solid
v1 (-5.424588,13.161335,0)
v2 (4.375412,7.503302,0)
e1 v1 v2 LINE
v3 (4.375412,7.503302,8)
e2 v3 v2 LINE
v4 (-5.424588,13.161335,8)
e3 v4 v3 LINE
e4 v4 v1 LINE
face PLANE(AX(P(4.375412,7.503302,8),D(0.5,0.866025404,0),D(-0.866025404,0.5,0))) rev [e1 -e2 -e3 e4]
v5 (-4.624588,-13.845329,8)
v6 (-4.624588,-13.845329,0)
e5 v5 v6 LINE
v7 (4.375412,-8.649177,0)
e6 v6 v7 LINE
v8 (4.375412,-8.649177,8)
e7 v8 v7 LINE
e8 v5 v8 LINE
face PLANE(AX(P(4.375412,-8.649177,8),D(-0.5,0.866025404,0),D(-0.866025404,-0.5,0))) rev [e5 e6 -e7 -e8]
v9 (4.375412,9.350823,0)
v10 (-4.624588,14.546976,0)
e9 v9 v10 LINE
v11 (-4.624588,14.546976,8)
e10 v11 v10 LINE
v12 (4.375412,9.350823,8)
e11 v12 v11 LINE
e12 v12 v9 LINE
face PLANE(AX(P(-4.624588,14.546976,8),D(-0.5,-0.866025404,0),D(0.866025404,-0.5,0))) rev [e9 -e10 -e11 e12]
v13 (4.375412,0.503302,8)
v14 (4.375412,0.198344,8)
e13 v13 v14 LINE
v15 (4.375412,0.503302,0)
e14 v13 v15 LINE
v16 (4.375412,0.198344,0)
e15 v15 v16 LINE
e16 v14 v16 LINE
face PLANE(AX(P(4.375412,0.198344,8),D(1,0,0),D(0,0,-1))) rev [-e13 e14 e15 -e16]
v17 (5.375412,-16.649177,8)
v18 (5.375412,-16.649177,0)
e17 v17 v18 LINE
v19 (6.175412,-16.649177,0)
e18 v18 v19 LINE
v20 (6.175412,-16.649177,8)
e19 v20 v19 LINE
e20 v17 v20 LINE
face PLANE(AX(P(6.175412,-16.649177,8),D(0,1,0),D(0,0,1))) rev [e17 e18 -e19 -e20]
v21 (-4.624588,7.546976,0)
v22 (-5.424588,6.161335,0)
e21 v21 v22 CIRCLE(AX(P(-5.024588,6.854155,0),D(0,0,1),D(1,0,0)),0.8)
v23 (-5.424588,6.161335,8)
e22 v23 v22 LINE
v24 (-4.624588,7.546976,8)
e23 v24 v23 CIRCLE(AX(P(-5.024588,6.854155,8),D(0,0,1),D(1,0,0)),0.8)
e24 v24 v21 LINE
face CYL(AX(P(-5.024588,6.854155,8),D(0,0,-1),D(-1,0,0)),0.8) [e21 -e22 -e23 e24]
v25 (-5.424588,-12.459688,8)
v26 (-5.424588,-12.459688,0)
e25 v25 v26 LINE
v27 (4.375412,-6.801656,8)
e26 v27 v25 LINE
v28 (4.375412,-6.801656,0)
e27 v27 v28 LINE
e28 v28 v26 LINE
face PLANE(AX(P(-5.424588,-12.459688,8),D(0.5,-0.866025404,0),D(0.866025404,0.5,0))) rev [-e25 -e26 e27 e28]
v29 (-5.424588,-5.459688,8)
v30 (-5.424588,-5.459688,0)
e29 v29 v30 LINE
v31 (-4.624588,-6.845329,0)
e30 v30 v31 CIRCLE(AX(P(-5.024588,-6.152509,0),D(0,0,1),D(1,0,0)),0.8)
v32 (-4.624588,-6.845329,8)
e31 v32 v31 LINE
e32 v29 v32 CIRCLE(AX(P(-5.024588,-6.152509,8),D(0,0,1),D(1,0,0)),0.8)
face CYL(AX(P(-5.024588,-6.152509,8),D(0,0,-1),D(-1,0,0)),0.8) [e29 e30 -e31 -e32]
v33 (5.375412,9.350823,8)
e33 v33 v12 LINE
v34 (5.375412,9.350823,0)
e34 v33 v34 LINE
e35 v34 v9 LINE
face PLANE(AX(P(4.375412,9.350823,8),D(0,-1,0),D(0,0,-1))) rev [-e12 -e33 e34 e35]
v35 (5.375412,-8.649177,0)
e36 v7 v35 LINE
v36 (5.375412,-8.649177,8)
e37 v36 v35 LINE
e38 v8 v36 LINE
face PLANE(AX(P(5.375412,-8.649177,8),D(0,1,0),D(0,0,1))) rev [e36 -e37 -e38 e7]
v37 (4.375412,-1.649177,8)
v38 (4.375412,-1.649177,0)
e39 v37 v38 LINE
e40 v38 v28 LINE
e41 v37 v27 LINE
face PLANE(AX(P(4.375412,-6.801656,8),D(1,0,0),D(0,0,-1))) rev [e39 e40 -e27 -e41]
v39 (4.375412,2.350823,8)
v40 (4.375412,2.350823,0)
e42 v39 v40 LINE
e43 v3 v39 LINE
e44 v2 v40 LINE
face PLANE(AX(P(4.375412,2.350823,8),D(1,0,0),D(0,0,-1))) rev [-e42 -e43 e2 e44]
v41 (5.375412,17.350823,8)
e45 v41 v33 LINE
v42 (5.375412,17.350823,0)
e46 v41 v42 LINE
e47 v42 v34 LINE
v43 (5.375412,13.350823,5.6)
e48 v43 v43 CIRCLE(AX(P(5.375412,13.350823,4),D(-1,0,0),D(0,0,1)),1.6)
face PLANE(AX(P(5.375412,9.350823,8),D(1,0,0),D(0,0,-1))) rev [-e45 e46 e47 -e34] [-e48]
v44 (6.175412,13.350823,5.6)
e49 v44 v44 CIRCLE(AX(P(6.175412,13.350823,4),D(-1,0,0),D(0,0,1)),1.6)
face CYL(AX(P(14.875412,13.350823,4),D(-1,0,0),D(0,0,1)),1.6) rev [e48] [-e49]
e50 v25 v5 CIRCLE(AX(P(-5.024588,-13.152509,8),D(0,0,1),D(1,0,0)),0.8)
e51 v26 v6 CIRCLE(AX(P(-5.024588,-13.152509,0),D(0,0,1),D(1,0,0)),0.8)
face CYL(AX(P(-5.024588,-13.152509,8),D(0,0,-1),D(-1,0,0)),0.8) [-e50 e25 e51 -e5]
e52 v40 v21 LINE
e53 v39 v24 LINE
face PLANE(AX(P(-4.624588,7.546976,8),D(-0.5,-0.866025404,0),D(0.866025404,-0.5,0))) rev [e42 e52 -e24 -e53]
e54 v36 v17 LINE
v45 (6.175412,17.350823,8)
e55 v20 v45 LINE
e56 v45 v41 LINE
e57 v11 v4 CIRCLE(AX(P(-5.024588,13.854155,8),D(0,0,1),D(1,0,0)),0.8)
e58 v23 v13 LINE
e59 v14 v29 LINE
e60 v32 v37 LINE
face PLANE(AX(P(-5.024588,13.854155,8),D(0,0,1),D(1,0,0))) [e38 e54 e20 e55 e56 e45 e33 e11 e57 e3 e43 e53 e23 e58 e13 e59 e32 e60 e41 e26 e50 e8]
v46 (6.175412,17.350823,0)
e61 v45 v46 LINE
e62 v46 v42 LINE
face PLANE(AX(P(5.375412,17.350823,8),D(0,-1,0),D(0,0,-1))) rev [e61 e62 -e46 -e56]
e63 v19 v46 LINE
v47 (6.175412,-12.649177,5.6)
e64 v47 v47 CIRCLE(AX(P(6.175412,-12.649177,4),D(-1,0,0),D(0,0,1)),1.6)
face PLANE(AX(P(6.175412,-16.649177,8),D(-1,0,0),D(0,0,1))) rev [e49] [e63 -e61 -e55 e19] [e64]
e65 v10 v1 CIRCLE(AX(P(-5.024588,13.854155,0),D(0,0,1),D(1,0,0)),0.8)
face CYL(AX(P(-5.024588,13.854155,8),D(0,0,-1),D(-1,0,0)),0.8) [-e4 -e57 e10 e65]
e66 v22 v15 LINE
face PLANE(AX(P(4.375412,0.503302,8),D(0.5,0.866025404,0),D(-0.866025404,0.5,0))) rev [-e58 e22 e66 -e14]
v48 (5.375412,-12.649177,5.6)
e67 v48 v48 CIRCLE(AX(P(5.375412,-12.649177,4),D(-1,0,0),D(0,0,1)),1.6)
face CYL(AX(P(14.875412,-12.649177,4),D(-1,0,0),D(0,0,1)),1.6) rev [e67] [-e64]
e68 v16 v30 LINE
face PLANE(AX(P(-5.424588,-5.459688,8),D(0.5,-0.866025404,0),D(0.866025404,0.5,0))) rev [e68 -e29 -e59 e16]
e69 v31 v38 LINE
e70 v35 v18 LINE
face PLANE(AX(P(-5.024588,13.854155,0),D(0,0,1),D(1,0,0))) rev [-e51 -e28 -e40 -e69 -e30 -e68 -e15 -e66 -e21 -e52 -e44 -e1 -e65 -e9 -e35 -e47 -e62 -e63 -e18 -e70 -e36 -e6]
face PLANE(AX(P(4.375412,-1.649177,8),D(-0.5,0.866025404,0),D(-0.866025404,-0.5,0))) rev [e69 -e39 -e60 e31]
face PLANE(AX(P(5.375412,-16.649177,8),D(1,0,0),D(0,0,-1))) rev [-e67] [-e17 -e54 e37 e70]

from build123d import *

# Parameters (mm, degrees)
BOSS_EXTRUDE1_DEPTH = 8
SKETCH2_R           = 1.6
CUT_EXTRUDE1_DEPTH  = 9.5


with BuildPart() as part:
    # Sketch1 → Boss-Extrude1 (new body)
    with BuildSketch(Plane(origin=(0, 0, 0), x_dir=(0, 1, 0), z_dir=(0, 0, 1))):
        with BuildLine():
            Line((-16.649176641, -6.17541168), (-16.649176641, -5.37541168))
            Line((-16.649176641, -5.37541168), (-8.649176641, -5.37541168))
            Line((-8.649176641, -5.37541168), (-8.649176641, -4.37541168))
            Line((-8.649176641, -4.37541168), (-13.845329064, 4.62458832))
            ThreePointArc((-13.845329064, 4.62458832), (-13.552508741, 5.717408644), (-12.459688418, 5.42458832))
            Line((-12.459688418, 5.42458832), (-6.80165578, -4.37541168))
            Line((-6.80165578, -4.37541168), (-1.649176641, -4.37541168))
            Line((-1.649176641, -4.37541168), (-6.845329064, 4.62458832))
            ThreePointArc((-6.845329064, 4.62458832), (-6.552508741, 5.717408644), (-5.459688418, 5.42458832))
            Line((-5.459688418, 5.42458832), (0.19834422, -4.37541168))
            Line((0.19834422, -4.37541168), (0.503302498, -4.37541168))
            Line((0.503302498, -4.37541168), (6.161335136, 5.42458832))
            ThreePointArc((6.161335136, 5.42458832), (7.254155459, 5.717408644), (7.546975782, 4.62458832))
            Line((7.546975782, 4.62458832), (2.350823359, -4.37541168))
            Line((2.350823359, -4.37541168), (7.503302498, -4.37541168))
            Line((7.503302498, -4.37541168), (13.161335136, 5.42458832))
            ThreePointArc((13.161335136, 5.42458832), (14.254155459, 5.717408644), (14.546975782, 4.62458832))
            Line((14.546975782, 4.62458832), (9.350823359, -4.37541168))
            Line((9.350823359, -4.37541168), (9.350823359, -5.37541168))
            Line((9.350823359, -5.37541168), (17.350823359, -5.37541168))
            Line((17.350823359, -5.37541168), (17.350823359, -6.17541168))
            Line((17.350823359, -6.17541168), (-16.649176641, -6.17541168))
        make_face()
    extrude(amount=BOSS_EXTRUDE1_DEPTH)

    # Sketch2 → Cut-Extrude1 (cut)
    with BuildSketch(Plane(origin=(5.37541168, 0, 0), x_dir=(0, -1, 0), z_dir=(-1, 0, 0))):
        with Locations(Location((-13.350823359, 4, 0), (0, 0, 90))):
            Circle(SKETCH2_R)
        with Locations(Location((12.649176641, 4, 0), (0, 0, 90))):
            Circle(SKETCH2_R)
    extrude(amount=-CUT_EXTRUDE1_DEPTH, mode=Mode.SUBTRACT)


solid = part.part
